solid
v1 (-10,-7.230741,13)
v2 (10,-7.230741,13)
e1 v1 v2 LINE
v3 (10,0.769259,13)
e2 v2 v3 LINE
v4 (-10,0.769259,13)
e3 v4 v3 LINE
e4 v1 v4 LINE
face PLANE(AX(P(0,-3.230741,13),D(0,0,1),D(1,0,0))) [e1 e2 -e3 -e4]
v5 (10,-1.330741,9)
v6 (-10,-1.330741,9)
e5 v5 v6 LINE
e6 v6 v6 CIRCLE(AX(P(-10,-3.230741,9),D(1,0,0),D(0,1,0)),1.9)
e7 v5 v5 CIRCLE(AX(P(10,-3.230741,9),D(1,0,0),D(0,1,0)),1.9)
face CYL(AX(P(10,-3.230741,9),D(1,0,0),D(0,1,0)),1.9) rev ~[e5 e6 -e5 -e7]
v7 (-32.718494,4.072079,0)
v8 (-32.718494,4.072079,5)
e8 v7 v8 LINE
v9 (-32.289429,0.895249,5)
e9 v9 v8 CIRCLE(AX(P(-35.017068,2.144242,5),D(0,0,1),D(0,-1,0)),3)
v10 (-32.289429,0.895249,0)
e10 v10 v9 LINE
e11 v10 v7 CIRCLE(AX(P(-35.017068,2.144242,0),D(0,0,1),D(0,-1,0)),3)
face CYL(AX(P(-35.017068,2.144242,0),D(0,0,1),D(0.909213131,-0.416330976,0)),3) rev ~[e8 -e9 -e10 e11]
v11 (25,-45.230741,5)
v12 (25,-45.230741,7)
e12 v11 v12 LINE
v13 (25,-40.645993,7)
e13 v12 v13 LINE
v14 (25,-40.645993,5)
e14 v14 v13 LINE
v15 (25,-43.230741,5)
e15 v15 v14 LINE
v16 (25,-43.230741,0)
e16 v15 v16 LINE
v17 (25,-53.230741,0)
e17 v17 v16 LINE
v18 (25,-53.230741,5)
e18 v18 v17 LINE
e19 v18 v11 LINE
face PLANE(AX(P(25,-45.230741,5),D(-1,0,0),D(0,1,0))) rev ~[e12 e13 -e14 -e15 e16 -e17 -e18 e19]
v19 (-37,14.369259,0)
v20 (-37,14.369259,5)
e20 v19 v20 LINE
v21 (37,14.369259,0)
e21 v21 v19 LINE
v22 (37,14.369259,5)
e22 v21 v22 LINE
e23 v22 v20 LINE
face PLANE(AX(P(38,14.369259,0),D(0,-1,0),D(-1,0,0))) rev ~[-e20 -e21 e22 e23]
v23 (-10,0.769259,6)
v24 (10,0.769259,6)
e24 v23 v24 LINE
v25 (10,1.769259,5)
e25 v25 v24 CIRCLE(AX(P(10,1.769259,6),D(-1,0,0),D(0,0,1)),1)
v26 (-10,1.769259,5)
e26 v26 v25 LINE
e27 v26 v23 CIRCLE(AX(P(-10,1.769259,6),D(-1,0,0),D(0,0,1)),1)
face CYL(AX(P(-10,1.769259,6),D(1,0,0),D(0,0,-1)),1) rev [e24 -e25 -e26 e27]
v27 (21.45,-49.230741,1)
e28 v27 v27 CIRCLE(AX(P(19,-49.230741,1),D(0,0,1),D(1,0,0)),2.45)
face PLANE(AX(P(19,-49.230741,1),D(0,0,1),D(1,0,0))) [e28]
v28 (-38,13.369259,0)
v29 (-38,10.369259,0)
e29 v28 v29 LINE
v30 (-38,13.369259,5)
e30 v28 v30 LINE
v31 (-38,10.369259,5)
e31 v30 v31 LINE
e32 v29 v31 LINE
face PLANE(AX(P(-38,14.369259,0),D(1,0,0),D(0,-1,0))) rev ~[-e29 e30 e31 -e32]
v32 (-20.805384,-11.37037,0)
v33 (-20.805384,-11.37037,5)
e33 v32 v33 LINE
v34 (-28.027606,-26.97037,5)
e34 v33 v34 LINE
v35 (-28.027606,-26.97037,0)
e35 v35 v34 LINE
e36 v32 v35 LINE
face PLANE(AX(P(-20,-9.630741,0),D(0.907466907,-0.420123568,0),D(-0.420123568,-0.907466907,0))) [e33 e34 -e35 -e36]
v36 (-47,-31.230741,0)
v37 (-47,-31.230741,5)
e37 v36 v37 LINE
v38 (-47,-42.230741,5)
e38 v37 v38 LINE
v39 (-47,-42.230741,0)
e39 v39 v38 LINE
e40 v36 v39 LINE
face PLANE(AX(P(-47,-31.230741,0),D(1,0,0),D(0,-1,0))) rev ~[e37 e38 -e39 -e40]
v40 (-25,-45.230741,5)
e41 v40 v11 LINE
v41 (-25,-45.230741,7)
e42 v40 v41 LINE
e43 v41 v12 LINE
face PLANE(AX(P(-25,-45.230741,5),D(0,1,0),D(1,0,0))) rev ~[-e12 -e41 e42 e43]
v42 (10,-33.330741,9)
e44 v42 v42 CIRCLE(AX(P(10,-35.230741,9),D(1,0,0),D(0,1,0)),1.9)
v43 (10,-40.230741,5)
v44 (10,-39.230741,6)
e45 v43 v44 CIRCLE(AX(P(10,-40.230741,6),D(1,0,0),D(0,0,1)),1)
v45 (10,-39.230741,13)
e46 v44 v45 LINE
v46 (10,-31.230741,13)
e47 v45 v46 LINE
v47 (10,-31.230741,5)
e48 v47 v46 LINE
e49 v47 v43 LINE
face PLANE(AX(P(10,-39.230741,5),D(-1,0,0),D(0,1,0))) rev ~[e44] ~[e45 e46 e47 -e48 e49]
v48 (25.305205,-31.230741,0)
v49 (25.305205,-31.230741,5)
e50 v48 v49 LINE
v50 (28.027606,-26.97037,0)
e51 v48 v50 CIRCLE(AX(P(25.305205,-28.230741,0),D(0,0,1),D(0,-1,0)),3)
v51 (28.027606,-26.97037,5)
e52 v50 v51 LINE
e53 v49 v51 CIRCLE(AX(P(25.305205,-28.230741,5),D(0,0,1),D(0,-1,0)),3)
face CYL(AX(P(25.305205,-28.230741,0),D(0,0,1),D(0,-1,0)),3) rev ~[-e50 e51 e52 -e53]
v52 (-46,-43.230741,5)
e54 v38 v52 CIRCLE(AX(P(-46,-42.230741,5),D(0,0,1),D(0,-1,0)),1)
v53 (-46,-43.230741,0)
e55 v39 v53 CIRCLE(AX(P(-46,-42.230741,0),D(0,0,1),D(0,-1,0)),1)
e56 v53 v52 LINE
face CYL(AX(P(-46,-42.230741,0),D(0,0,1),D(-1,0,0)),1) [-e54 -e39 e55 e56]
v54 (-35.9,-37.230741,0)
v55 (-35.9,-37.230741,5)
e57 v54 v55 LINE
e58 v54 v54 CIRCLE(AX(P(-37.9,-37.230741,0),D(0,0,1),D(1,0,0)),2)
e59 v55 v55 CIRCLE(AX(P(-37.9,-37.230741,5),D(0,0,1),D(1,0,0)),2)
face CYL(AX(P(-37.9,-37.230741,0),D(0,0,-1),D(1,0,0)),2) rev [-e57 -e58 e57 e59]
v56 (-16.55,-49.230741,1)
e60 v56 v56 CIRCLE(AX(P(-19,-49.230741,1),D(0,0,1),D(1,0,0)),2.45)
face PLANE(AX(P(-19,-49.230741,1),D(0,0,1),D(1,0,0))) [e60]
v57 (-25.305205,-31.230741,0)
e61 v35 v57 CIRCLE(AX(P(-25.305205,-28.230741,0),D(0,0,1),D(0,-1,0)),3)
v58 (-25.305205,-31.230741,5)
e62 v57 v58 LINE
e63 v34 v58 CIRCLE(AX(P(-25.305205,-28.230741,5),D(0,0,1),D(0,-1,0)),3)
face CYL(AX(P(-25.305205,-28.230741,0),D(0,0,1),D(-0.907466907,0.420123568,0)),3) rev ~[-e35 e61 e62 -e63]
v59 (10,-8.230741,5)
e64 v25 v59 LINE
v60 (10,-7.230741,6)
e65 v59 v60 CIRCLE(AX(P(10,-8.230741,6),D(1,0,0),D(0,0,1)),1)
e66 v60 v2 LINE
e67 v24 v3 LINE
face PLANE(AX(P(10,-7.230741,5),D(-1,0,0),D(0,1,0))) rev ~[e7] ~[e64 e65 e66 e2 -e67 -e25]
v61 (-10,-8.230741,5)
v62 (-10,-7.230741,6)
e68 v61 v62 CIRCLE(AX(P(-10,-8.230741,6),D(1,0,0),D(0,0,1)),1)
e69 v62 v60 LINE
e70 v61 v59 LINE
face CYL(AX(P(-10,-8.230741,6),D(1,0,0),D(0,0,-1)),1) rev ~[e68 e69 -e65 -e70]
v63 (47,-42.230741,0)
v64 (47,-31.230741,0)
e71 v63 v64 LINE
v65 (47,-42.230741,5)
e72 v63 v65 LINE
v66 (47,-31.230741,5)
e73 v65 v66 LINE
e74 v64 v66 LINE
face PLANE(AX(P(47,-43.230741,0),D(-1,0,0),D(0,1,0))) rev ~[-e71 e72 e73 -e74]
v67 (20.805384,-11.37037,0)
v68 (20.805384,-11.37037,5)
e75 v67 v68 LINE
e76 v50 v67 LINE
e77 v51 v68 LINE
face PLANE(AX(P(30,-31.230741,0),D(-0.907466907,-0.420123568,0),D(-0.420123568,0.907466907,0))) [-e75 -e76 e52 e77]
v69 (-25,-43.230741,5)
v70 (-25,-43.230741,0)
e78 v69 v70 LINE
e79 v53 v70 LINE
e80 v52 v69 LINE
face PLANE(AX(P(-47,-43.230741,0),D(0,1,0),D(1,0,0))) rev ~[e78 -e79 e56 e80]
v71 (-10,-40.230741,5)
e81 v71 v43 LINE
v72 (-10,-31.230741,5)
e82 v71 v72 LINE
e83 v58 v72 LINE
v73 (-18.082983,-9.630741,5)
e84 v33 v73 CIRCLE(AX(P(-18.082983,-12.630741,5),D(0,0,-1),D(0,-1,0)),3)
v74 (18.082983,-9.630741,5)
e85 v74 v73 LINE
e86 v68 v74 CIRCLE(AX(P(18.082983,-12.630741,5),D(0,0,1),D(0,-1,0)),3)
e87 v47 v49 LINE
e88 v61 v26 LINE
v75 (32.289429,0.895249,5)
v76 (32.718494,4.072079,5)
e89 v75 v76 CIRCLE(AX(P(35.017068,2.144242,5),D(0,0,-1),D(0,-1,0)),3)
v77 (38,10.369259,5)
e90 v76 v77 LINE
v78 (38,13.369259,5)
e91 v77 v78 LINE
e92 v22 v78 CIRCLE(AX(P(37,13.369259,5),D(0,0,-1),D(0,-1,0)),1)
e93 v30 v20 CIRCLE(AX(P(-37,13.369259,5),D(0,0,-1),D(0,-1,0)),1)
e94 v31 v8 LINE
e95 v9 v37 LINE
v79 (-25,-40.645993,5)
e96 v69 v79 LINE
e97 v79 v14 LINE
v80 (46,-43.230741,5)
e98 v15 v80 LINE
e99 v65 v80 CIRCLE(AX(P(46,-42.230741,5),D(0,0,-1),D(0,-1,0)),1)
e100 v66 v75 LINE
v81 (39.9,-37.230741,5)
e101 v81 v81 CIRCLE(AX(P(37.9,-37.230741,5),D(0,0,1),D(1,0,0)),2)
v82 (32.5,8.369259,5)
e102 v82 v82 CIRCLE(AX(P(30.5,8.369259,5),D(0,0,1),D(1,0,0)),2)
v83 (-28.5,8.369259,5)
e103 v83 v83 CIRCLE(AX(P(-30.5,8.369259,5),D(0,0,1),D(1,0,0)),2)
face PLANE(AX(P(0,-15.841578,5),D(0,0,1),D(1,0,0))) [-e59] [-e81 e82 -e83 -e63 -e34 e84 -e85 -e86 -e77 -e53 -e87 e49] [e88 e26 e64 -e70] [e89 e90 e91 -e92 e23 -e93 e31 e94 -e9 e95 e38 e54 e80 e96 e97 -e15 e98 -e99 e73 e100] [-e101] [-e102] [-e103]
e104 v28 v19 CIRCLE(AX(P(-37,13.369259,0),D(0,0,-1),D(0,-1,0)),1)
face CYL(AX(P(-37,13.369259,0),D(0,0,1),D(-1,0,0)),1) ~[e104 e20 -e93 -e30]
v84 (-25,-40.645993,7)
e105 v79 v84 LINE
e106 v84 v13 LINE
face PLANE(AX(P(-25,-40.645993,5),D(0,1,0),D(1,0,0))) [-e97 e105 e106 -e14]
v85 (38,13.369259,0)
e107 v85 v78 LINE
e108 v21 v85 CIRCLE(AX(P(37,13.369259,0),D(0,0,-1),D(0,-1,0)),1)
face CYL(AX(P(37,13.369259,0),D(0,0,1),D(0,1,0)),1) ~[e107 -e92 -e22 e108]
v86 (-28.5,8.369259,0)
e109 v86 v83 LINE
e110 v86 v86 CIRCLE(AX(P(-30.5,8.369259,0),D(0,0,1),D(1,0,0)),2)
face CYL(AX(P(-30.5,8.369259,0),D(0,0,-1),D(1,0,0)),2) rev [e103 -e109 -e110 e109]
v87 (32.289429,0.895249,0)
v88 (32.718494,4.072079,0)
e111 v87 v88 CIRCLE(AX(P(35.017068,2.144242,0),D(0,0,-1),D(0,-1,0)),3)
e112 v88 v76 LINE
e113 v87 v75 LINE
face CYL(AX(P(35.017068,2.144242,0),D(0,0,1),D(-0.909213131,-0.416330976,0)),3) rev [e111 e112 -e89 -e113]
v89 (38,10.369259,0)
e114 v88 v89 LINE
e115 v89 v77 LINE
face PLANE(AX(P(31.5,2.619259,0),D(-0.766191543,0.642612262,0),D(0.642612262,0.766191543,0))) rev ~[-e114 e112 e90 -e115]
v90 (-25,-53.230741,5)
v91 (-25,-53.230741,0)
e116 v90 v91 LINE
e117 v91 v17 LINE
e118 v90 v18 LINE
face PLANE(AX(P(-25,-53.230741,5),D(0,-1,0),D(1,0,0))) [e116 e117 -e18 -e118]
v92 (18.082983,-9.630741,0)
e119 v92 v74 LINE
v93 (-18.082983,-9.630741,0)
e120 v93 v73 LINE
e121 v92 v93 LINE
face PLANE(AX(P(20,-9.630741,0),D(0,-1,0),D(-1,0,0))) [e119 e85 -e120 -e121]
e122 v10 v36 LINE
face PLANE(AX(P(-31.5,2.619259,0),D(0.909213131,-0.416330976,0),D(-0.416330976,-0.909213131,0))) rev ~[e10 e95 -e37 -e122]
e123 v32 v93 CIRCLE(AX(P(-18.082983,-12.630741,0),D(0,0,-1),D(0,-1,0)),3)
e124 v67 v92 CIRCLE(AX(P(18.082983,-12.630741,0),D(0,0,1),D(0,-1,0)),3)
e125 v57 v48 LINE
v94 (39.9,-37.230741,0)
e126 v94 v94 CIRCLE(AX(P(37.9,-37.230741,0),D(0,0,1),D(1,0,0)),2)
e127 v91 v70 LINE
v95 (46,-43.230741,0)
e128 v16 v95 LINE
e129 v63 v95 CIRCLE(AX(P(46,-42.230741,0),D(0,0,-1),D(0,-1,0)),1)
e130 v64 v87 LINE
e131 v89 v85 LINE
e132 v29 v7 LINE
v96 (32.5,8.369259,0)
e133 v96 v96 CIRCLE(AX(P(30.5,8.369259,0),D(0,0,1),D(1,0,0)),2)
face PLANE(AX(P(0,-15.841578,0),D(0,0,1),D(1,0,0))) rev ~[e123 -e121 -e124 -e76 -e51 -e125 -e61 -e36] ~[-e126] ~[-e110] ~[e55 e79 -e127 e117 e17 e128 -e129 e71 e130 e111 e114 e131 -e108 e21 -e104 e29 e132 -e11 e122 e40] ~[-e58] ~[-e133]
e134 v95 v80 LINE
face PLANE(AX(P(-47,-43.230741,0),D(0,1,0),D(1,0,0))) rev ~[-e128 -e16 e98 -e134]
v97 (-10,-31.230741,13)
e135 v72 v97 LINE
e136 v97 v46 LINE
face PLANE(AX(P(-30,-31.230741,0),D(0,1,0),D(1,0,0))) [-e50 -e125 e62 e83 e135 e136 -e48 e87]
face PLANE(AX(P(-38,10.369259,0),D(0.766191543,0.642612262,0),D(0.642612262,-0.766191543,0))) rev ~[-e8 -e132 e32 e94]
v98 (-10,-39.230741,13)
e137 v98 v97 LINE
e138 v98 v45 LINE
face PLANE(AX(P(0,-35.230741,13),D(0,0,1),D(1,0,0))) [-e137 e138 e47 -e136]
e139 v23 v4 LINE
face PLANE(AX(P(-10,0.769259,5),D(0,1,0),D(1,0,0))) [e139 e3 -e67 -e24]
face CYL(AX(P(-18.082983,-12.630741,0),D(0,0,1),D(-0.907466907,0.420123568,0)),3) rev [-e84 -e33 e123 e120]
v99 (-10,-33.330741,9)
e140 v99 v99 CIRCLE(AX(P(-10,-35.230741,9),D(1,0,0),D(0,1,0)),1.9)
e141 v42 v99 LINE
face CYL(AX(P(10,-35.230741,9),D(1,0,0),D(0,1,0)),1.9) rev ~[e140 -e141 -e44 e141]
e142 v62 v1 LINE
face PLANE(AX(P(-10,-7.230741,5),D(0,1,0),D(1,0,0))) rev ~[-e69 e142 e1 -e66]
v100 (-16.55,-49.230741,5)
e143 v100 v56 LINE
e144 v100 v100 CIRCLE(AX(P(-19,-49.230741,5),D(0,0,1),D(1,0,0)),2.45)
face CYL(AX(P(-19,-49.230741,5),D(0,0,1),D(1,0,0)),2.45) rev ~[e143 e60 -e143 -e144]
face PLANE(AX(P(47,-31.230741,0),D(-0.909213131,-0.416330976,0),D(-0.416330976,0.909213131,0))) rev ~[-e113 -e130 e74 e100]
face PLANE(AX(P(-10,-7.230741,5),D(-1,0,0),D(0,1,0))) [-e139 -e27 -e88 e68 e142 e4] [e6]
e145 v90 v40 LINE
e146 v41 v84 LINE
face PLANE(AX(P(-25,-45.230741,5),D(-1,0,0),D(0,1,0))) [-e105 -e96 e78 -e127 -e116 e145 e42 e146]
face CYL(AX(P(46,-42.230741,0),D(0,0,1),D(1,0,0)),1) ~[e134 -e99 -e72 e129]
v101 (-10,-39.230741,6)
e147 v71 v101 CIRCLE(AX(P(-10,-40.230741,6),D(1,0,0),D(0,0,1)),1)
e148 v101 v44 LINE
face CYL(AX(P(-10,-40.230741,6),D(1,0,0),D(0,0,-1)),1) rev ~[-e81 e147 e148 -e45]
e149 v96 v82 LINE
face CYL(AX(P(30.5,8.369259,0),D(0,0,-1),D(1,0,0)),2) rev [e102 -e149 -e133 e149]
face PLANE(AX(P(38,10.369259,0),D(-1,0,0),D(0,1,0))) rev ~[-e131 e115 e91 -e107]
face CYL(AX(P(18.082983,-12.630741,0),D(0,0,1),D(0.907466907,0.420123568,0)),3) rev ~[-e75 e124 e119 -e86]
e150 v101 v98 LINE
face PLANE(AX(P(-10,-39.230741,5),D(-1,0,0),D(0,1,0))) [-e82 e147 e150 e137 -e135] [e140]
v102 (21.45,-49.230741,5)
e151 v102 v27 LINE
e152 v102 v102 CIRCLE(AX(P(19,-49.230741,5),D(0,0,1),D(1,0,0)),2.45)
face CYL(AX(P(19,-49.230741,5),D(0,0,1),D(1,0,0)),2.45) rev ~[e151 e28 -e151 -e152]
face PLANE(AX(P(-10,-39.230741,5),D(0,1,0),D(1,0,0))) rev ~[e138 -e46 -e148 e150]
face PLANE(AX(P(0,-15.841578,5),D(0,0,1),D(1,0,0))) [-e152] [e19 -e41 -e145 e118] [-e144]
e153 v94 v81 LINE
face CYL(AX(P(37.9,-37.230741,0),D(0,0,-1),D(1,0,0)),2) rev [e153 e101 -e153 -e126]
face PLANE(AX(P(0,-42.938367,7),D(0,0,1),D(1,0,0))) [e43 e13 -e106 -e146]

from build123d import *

# Parameters (mm, degrees)
SKETCH_1_R          = 2
EXTRUDE_2_DEPTH     = 5
SKETCH_3_W          = 20
SKETCH_3_H          = 8
EXTRUDE_3_DEPTH     = 8
SKETCH_4_R          = 1.9
CUT_EXTRUDE_1_DEPTH = 73.711050963
FILLET_1_R          = 3
FILLET_2_R          = 3
SKETCH_5_W          = 25
SKETCH_5_H          = 10
EXTRUDE_4_DEPTH     = 5
SKETCH_6_W          = 50
SKETCH_6_H          = 4.584747815
EXTRUDE_5_DEPTH     = 2
FILLET_3_R          = 1
FILLET_4_R          = 1
SKETCH_7_R          = 2.45
CUT_EXTRUDE_2_DEPTH = 4
FILLET_5_R          = 1
FILLET_6_R          = 1


with BuildPart() as part:
    # ｽｹｯﾁ1 → ﾎﾞｽ - 押し出し2 (new body)
    with BuildSketch(Plane.XY):
        Polygon((-47, -31.230740592), (-47, -43.230740592), (47, -43.230740592), (47, -31.230740592), (31.5, 2.619259408), (38, 10.369259408), (38, 14.369259408), (-38, 14.369259408), (-38, 10.369259408), (-31.5, 2.619259408), align=None)
        with Locations((-30.5, 8.369259408)):
            Circle(SKETCH_1_R, mode=Mode.SUBTRACT)
        with Locations((30.5, 8.369259408)):
            Circle(SKETCH_1_R, mode=Mode.SUBTRACT)
        with Locations((-37.9, -37.230740592)):
            Circle(SKETCH_1_R, mode=Mode.SUBTRACT)
        with Locations((37.9, -37.230740592)):
            Circle(SKETCH_1_R, mode=Mode.SUBTRACT)
        Polygon((-20, -9.630740592), (-30, -31.230740592), (30, -31.230740592), (20, -9.630740592), align=None, mode=Mode.SUBTRACT)
    extrude(amount=EXTRUDE_2_DEPTH)

    # ｽｹｯﾁ3 → ﾎﾞｽ - 押し出し3 (add)
    with BuildSketch(Plane.XY.offset(5)):
        with Locations((0, -3.230740592)):
            Rectangle(SKETCH_3_W, SKETCH_3_H)
        with Locations((0, -35.230740592)):
            Rectangle(SKETCH_3_W, SKETCH_3_H)
    extrude(amount=EXTRUDE_3_DEPTH)

    # ｽｹｯﾁ4 → ｶｯﾄ - 押し出し1 (cut, through all)
    with BuildSketch(Plane(origin=(10, 0, 0), x_dir=(0, 0, -1), z_dir=(1, 0, 0))):
        with Locations(Location((-9, -3.230740592, 0), (0, 0, 90))):
            Circle(SKETCH_4_R)
        with Locations(Location((-9, -35.230740592, 0), (0, 0, 90))):
            Circle(SKETCH_4_R)
    extrude(amount=-CUT_EXTRUDE_1_DEPTH, mode=Mode.SUBTRACT)

    # ﾌｨﾚｯﾄ1
    fillet_1_edges = [part.edges().sort_by_distance(p)[0] for p in [
        (-30, -31.230740592, 2.5),
        (30, -31.230740592, 2.5),
        (20, -9.630740592, 2.5),
        (-20, -9.630740592, 2.5),
    ]]
    fillet(fillet_1_edges, radius=FILLET_1_R)

    # ﾌｨﾚｯﾄ2
    fillet_2_edges = [part.edges().sort_by_distance(p)[0] for p in [
        (-31.5, 2.619259408, 2.5),
        (31.5, 2.619259408, 2.5),
    ]]
    fillet(fillet_2_edges, radius=FILLET_2_R)

    # ｽｹｯﾁ5 → ﾎﾞｽ - 押し出し4 (add)
    with BuildSketch(Plane.XY.offset(5)):
        with Locations((12.5, -48.230740592)):
            Rectangle(SKETCH_5_W, SKETCH_5_H)
        with Locations((-12.5, -48.230740592)):
            Rectangle(SKETCH_5_W, SKETCH_5_H)
    extrude(amount=-EXTRUDE_4_DEPTH)

    # ｽｹｯﾁ6 → ﾎﾞｽ - 押し出し5 (add)
    with BuildSketch(Plane.XY.offset(5)):
        with Locations((0, -42.938366685)):
            Rectangle(SKETCH_6_W, SKETCH_6_H)
    extrude(amount=EXTRUDE_5_DEPTH)

    # ﾌｨﾚｯﾄ3
    fillet_3_edges = [part.edges().sort_by_distance(p)[0] for p in [
        (-38, 14.369259408, 2.5),
        (38, 14.369259408, 2.5),
    ]]
    fillet(fillet_3_edges, radius=FILLET_3_R)

    # ﾌｨﾚｯﾄ4
    fillet_4_edges = [part.edges().sort_by_distance(p)[0] for p in [
        (47, -43.230740592, 2.5),
        (-47, -43.230740592, 2.5),
    ]]
    fillet(fillet_4_edges, radius=FILLET_4_R)

    # ｽｹｯﾁ7 → ｶｯﾄ - 押し出し2 (cut)
    with BuildSketch(Plane.XY.offset(5)):
        with Locations((-19, -49.230740592)):
            Circle(SKETCH_7_R)
        with Locations((19, -49.230740592)):
            Circle(SKETCH_7_R)
    extrude(amount=-CUT_EXTRUDE_2_DEPTH, mode=Mode.SUBTRACT)

    # ﾌｨﾚｯﾄ5
    fillet_5_edges = [part.edges().sort_by_distance(p)[0] for p in [
        (0, 0.769259408, 5),
        (0, -7.230740592, 5),
    ]]
    fillet(fillet_5_edges, radius=FILLET_5_R)

    # ﾌｨﾚｯﾄ6
    fillet_6_edges = [part.edges().sort_by_distance(p)[0] for p in [
        (0, -39.230740592, 5),
    ]]
    fillet(fillet_6_edges, radius=FILLET_6_R)


solid = part.part
